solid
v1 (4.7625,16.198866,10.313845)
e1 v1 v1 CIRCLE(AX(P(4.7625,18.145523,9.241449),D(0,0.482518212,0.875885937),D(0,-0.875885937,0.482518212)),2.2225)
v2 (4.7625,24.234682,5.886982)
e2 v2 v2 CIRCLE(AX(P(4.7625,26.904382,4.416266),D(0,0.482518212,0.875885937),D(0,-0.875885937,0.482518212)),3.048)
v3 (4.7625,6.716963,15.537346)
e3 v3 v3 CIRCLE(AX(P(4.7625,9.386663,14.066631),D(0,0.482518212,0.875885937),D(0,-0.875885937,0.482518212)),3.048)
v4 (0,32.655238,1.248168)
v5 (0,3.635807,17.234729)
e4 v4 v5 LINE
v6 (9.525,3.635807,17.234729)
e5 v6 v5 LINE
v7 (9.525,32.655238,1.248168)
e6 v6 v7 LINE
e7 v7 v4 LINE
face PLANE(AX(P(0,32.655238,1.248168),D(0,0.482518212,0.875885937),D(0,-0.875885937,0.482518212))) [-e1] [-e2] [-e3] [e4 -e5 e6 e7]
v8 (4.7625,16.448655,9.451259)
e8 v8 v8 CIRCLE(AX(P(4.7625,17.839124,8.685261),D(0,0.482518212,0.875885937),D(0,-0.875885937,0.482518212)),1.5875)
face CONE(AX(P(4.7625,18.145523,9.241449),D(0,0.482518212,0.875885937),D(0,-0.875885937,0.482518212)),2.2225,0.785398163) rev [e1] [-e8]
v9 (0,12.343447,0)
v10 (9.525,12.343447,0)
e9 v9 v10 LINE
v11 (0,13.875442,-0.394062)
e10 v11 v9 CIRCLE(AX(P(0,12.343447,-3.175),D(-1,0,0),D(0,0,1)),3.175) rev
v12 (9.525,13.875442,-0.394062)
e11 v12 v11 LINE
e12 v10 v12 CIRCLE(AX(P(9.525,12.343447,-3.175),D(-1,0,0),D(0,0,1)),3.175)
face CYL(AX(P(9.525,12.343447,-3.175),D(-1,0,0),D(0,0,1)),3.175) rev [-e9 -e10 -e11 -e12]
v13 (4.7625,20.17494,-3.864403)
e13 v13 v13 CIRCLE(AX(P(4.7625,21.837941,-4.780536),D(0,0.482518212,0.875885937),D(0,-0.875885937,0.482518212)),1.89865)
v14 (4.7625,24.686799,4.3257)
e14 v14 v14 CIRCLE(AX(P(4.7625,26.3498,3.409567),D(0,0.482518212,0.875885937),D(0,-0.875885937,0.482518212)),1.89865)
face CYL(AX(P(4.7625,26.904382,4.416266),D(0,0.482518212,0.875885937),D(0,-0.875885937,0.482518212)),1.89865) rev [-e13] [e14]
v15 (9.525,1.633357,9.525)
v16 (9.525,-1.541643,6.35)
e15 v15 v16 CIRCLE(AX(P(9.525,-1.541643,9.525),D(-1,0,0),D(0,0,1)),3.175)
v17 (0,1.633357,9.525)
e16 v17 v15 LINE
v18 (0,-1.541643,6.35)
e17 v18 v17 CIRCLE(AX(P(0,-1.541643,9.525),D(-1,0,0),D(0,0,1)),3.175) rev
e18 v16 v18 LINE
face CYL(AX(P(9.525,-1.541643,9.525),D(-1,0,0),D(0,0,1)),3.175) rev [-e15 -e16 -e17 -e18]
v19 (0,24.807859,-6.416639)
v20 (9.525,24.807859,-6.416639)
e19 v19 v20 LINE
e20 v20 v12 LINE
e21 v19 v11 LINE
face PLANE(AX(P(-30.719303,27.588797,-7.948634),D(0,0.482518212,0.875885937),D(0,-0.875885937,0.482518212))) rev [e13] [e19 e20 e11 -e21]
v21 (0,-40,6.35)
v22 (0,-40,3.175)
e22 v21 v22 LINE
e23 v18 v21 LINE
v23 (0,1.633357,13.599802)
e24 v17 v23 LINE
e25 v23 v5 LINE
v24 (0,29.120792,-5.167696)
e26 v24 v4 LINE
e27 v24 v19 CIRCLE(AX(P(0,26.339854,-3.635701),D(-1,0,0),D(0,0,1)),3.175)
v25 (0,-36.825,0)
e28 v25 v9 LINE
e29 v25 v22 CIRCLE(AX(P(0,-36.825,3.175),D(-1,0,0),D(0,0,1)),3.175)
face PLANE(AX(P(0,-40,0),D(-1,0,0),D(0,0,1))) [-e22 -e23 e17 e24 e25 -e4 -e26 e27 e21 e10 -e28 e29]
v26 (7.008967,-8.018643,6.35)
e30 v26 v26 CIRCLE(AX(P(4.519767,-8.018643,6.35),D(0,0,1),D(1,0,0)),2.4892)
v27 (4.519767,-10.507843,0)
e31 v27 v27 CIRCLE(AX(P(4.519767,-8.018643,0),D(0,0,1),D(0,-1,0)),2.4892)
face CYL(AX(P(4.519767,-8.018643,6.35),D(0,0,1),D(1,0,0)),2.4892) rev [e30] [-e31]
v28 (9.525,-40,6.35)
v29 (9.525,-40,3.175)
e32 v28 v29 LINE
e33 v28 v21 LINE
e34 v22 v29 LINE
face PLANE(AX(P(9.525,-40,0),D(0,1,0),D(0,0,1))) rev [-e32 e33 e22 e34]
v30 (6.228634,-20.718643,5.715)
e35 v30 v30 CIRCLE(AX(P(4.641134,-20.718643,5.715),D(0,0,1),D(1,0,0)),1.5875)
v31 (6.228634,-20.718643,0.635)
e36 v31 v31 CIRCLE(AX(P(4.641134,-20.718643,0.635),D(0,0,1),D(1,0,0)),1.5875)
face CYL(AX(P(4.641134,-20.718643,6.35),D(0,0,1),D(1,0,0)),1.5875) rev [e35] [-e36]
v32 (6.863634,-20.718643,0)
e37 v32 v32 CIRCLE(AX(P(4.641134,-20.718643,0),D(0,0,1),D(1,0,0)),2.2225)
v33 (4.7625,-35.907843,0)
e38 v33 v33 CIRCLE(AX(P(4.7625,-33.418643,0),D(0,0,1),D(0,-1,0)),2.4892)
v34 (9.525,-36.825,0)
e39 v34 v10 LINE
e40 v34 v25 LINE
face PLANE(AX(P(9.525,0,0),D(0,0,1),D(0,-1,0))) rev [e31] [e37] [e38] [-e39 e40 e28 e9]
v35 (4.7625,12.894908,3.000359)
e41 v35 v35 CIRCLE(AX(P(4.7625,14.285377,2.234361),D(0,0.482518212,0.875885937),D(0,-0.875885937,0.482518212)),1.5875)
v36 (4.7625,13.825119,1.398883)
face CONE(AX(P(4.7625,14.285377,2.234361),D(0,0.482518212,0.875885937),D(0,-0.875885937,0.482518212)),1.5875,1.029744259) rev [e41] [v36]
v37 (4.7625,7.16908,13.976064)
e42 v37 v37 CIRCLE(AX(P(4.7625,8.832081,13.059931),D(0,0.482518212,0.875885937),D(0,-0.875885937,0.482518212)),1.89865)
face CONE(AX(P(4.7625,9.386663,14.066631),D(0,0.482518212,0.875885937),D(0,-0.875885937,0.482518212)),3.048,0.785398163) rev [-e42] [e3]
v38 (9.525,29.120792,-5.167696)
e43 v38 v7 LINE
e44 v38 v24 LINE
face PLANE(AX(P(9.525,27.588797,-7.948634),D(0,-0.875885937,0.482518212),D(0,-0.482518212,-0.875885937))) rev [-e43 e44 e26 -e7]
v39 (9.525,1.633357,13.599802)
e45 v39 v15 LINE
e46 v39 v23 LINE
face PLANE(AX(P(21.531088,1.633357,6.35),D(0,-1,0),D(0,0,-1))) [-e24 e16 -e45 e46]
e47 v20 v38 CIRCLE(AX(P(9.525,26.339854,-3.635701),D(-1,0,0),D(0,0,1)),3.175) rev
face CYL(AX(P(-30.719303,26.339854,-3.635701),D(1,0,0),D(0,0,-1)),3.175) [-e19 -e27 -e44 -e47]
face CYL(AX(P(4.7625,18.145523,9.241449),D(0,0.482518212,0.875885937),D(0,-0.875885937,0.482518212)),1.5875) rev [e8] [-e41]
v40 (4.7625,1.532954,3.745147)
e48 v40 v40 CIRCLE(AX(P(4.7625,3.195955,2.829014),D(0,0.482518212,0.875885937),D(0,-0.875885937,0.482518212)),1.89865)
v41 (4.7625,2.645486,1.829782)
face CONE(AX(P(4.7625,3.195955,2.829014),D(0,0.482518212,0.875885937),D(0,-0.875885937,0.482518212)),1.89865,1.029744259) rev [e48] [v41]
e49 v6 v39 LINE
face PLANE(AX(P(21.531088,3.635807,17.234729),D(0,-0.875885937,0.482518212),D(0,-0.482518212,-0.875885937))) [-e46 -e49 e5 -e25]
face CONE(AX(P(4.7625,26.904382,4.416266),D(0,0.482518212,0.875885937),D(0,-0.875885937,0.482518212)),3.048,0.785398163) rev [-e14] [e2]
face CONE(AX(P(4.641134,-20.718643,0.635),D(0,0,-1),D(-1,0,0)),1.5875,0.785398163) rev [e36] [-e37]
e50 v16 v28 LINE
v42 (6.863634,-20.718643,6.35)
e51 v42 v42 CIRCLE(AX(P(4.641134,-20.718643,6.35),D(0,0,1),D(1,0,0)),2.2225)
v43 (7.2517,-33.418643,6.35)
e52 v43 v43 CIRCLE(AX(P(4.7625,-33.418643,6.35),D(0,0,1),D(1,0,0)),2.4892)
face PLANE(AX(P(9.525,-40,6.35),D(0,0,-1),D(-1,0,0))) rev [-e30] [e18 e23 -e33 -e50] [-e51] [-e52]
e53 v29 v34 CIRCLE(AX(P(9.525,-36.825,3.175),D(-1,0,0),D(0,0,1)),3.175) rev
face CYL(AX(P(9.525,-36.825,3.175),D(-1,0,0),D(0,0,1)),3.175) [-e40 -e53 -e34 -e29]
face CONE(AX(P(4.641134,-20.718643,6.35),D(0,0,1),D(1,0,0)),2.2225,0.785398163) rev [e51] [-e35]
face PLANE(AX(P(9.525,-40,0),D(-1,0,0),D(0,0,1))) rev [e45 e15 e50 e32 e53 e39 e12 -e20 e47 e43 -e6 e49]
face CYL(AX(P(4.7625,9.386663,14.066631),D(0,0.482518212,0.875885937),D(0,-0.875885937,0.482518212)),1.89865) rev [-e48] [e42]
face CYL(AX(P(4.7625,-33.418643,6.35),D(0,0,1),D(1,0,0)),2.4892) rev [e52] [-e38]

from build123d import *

# Parameters (mm, degrees)
BOSS_EXTRUDE1_DEPTH                    = 9.525
SKETCH2_W                              = 9.525
SKETCH2_H                              = 29.633356585
BOSS_EXTRUDE2_DEPTH                    = 10.5
BOSS_EXTRUDE3_DEPTH                    = 9.525
CUT_EXTRUDE1_DEPTH                     = 9.525
FILLET1_R                              = 3.175
F_10_24_TAPPED_HOLE1_D                 = 3.7973
F_10_24_TAPPED_HOLE1_DEPTH             = 12.83
F_10_24_TAPPED_HOLE1_CSINK_D           = 6.096
F_10_24_TAPPED_HOLE1_CSINK_ANGLE       = 90
F_10_24_TAPPED_HOLE1_TIP               = 1.140824014
F_1_8_0_125_DIAMETER_HOLE1_D           = 3.175
F_1_8_0_125_DIAMETER_HOLE1_DEPTH       = 8
F_1_8_0_125_DIAMETER_HOLE1_CSINK_D     = 4.445
F_1_8_0_125_DIAMETER_HOLE1_CSINK_ANGLE = 90
F_1_8_0_125_DIAMETER_HOLE1_TIP         = 0.953866233
F_10_CLEARANCE_HOLE1_D                 = 4.9784


with BuildPart() as part:
    # Sketch1 → Boss-Extrude1 (new body)
    with BuildSketch(Plane(origin=(0, 0, 0), x_dir=(0, 0, -1), z_dir=(1, 0, 0))):
        Polygon((0, 0), (13.510509947, 24.524806237), (7.948634247, 27.588796886), (-6.35, 1.633356585), (-6.35, -40), (0, -40), align=None)
    extrude(amount=BOSS_EXTRUDE1_DEPTH)

    # Sketch2 → Boss-Extrude2 (add)
    with BuildSketch(Plane(origin=(0, 3.063990649, 5.5618757), x_dir=(1, 0, 0), z_dir=(0, 0.482518212, 0.875885937))):
        with Locations((4.7625, 13.183321707)):
            Rectangle(SKETCH2_W, SKETCH2_H)
    extrude(amount=BOSS_EXTRUDE2_DEPTH)

    # Sketch3 → Boss-Extrude3 (add)
    with BuildSketch(Plane.ZY):
        Polygon((15.546802339, 6.699797816), (6.35, 1.633356585), (13.599802436, 1.633356585), (17.234729075, 3.635807167), align=None)
    extrude(amount=-BOSS_EXTRUDE3_DEPTH)

    # Sketch4 → Cut-Extrude1 (cut)
    with BuildSketch(Plane(origin=(9.525, 0, 0), x_dir=(0, 0, -1), z_dir=(1, 0, 0))):
        Polygon((13.510509947, 24.524806237), (7.948634247, 27.588796886), (0, 13.160125021), (0, 0), align=None)
    extrude(amount=-CUT_EXTRUDE1_DEPTH, mode=Mode.SUBTRACT)

    # Fillet1
    fillet1_edges = [part.edges().sort_by_distance(p)[0] for p in [
        (4.7625, -40, 0),
        (4.7625, 1.633356585, 6.35),
        (4.7625, 27.588796886, -7.948634247),
        (4.7625, 13.160125021, 0),
    ]]
    fillet(fillet1_edges, radius=FILLET1_R)

    # #10-24 Tapped Hole1
    with Locations(Plane(origin=(0, 8.130431879, 14.758678039), x_dir=(1, 0, 0), z_dir=(0, 0.482518212, 0.875885937))):
        with Locations((4.7625, 21.434240851), (4.7625, 1.434240851)):
            CounterSinkHole(F_10_24_TAPPED_HOLE1_D / 2, F_10_24_TAPPED_HOLE1_CSINK_D / 2, depth=F_10_24_TAPPED_HOLE1_DEPTH, counter_sink_angle=F_10_24_TAPPED_HOLE1_CSINK_ANGLE)
            with Locations((0, 0, -(F_10_24_TAPPED_HOLE1_DEPTH + F_10_24_TAPPED_HOLE1_TIP / 2))):  # 118° drill point
                Cone(0, F_10_24_TAPPED_HOLE1_D / 2, F_10_24_TAPPED_HOLE1_TIP, mode=Mode.SUBTRACT)

    # 1/8 (0.125) Diameter Hole1
    with Locations(Plane(origin=(0, 8.130431879, 14.758678039), x_dir=(1, 0, 0), z_dir=(0, 0.482518212, 0.875885937))):
        with Locations((4.7625, 11.434240851)):
            CounterSinkHole(F_1_8_0_125_DIAMETER_HOLE1_D / 2, F_1_8_0_125_DIAMETER_HOLE1_CSINK_D / 2, depth=F_1_8_0_125_DIAMETER_HOLE1_DEPTH, counter_sink_angle=F_1_8_0_125_DIAMETER_HOLE1_CSINK_ANGLE)
            with Locations((0, 0, -(F_1_8_0_125_DIAMETER_HOLE1_DEPTH + F_1_8_0_125_DIAMETER_HOLE1_TIP / 2))):  # 118° drill point
                Cone(0, F_1_8_0_125_DIAMETER_HOLE1_D / 2, F_1_8_0_125_DIAMETER_HOLE1_TIP, mode=Mode.SUBTRACT)

    # #10 Clearance Hole1 (through all)
    with Locations(Plane.XY.offset(6.35)):
        with Locations((4.7625, -33.418643415), (4.519767079, -8.018643415)):
            Hole(F_10_CLEARANCE_HOLE1_D / 2)

    # Sketch12 → 1/8 (0.125) Diameter Hole2 (revolve, cut)
    with BuildSketch(Plane(origin=(4.641133539, -20.718643415, 6.35), x_dir=(0, -1, 0), z_dir=(1, 0, 0))):
        Polygon((0, 0), (0, 6.35), (2.2225, 6.35), (1.5875, 5.715), (1.5875, 0.635), (2.2225, 0), align=None)
    revolve(axis=Axis((4.641133539, -20.718643415, 12.7), (0, 0, -1)), mode=Mode.SUBTRACT)


solid = part.part
